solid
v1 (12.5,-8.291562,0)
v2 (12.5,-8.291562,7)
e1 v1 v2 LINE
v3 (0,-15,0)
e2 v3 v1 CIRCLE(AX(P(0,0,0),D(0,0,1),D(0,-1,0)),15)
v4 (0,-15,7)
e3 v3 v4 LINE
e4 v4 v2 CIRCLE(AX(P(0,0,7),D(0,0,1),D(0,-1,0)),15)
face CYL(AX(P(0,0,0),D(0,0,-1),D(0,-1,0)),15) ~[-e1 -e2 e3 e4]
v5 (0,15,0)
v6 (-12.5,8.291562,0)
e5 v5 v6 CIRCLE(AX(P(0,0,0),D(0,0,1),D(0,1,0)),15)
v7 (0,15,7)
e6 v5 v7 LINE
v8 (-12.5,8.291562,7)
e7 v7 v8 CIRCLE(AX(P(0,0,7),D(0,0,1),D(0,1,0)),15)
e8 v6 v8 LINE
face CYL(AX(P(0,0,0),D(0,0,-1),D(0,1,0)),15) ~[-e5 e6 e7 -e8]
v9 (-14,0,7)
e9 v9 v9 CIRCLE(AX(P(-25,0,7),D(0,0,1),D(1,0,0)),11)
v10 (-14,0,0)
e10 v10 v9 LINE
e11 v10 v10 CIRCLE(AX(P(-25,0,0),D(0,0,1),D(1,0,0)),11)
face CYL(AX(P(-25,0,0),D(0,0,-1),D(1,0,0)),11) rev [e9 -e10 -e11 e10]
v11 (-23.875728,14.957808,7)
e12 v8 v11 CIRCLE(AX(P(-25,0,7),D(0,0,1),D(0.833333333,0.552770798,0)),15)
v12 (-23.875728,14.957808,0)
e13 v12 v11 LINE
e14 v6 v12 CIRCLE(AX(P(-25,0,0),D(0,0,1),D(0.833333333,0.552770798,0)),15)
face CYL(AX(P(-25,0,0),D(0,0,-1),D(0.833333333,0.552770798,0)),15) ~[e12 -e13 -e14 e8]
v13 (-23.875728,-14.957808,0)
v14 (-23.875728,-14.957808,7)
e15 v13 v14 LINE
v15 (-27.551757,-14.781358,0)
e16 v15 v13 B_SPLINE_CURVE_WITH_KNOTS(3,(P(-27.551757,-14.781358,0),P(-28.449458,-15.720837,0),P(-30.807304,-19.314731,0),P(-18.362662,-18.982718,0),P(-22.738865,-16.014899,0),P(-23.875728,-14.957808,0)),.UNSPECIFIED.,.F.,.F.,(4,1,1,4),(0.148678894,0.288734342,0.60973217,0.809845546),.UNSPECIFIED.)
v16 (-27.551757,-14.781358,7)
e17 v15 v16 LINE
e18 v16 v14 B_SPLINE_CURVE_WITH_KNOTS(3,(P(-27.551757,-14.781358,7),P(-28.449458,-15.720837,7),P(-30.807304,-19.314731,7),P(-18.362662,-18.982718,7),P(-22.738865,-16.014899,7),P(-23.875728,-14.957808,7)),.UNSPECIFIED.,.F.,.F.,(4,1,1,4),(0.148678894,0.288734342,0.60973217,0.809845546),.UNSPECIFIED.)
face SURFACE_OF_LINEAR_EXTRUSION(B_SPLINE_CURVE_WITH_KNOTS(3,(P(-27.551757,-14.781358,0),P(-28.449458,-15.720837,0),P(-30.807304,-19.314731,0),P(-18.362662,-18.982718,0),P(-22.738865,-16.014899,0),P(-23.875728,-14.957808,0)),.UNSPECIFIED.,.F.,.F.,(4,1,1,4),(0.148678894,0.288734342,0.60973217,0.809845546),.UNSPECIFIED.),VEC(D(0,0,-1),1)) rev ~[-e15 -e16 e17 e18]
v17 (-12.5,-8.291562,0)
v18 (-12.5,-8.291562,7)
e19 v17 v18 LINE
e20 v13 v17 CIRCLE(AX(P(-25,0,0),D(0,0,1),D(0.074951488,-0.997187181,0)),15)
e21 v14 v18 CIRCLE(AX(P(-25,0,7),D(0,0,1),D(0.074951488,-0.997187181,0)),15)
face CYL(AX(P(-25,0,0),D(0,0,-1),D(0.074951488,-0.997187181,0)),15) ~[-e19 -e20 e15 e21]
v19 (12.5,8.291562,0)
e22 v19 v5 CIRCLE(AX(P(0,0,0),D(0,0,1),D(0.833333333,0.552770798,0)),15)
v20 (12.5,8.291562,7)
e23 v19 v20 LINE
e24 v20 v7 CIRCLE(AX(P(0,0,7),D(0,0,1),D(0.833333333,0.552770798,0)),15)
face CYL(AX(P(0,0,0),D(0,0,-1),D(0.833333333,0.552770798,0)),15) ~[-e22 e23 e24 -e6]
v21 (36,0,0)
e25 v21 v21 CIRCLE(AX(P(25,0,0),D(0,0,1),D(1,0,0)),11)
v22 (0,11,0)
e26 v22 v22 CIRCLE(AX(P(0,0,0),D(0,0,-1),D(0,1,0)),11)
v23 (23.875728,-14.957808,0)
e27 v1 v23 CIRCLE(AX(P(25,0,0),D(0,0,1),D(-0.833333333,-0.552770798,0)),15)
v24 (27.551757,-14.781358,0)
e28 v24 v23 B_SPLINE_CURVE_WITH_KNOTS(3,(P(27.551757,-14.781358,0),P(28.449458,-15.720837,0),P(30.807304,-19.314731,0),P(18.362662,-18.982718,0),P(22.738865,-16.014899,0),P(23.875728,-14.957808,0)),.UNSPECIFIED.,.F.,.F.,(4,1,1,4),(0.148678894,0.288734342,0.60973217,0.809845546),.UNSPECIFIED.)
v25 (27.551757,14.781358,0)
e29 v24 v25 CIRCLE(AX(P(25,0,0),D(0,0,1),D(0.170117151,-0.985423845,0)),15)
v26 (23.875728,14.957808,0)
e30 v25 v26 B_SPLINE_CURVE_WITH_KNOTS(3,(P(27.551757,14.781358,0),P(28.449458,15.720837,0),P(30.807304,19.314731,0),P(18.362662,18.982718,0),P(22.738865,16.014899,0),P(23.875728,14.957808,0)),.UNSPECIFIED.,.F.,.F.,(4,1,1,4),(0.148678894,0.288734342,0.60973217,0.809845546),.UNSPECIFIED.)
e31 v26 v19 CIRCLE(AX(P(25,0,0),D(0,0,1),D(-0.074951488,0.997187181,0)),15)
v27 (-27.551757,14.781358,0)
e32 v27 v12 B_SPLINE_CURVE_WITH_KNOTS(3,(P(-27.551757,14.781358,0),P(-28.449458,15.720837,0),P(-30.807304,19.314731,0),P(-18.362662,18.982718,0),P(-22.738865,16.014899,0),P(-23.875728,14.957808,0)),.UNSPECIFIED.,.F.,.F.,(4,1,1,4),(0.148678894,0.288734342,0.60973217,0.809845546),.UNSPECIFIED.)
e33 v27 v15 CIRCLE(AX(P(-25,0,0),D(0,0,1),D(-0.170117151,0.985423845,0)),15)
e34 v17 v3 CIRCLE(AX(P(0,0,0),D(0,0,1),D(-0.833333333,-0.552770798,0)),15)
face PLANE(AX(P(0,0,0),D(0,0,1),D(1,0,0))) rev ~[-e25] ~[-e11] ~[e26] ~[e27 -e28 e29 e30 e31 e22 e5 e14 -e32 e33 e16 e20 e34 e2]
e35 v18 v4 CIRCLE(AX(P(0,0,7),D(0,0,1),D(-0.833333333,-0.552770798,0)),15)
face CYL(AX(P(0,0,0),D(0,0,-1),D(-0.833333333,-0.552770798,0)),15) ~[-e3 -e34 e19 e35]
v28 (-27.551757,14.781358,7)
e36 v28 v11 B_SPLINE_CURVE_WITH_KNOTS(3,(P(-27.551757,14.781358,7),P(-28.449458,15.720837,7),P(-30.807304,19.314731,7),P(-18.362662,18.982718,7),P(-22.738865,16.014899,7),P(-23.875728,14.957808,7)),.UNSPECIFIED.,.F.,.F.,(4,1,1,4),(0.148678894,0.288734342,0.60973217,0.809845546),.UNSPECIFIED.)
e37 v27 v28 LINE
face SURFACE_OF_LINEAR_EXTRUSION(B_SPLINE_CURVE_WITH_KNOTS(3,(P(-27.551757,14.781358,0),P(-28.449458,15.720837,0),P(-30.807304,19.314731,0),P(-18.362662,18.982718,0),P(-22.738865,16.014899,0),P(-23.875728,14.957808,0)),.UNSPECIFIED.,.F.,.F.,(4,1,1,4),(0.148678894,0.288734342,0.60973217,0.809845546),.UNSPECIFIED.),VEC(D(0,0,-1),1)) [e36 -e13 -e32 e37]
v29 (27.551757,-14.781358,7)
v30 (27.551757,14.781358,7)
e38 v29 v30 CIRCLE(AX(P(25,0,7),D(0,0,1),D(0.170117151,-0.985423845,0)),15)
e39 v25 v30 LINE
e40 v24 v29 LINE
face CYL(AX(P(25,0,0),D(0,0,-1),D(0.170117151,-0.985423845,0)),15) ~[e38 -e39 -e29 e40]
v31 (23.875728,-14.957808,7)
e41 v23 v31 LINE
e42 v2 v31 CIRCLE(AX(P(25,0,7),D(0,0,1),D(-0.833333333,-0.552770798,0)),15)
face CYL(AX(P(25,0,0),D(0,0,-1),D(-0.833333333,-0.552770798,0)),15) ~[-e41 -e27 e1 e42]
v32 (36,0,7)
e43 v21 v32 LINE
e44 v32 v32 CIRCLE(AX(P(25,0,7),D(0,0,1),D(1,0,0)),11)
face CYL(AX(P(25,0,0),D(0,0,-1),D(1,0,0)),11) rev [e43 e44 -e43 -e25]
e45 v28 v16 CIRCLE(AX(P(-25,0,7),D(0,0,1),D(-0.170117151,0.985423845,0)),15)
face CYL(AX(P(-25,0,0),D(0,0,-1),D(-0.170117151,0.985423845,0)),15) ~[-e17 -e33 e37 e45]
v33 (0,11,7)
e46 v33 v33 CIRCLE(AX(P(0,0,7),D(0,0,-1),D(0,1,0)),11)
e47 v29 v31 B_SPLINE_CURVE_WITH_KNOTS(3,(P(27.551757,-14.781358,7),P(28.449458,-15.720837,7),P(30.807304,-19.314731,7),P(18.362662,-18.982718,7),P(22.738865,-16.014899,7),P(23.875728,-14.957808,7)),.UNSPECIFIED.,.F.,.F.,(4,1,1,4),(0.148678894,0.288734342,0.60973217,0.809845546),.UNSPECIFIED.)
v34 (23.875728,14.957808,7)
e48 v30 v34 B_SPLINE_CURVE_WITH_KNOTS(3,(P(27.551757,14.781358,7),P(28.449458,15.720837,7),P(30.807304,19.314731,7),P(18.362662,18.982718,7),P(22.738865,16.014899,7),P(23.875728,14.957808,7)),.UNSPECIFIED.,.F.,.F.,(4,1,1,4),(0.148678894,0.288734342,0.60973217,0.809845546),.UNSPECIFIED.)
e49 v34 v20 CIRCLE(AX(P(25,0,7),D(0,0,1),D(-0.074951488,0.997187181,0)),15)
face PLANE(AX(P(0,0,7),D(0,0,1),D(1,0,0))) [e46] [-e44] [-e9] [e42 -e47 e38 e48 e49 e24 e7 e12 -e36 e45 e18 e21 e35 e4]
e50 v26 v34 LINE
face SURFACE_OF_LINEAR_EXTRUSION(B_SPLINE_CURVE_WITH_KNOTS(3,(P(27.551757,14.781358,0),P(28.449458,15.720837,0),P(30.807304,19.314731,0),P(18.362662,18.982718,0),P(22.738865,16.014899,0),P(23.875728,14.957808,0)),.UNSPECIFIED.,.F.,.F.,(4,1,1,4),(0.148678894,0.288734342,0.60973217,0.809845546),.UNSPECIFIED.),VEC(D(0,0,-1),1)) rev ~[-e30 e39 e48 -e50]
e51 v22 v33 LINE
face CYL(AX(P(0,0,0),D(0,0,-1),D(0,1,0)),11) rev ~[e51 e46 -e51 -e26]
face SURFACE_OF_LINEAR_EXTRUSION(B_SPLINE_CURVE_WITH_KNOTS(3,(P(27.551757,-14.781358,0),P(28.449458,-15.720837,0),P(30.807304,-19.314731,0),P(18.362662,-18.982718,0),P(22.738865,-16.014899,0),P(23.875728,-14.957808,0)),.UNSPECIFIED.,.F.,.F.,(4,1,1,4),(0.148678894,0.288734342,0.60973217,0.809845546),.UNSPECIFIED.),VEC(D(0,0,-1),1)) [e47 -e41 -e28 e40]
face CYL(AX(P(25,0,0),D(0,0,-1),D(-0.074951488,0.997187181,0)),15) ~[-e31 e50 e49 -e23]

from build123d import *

# Parameters (mm, degrees)
F0_R     = 11
F1_DEPTH = 7


with BuildPart() as f1:
    # F0 (on Top) → F1 (new body)
    with BuildSketch(Plane.XY):
        with BuildLine():
            ThreePointArc((-23.8757276871, -14.9578077193), (-17.4161416751, -12.9416031815), (-12.5, -8.2915619759))
            ThreePointArc((-12.5, -8.2915619759), (-7.0931858273, -13.2169101843), (0, -15))
            ThreePointArc((0, -15), (7.0931858273, -13.2169101843), (12.5, -8.2915619759))
            ThreePointArc((12.5, -8.2915619759), (17.4161416751, -12.9416031815), (23.8757276871, -14.9578077193))
            add(Edge.make_bspline(
                [(23.8757276871, -14.9578077193), (24.2570080292, -14.6032809406), (25.1640363774, -13.6251169711), (24.7820959306, -12.8673838478), (25.0806100667, -12.9085443914)],
                knots=[0.8098455456, 0.8098455456, 0.8098455456, 0.8098455456, 0.8769594493, 1, 1, 1, 1], degree=3))
            add(Edge.make_bspline(
                [(25.0806100667, -12.9085443914), (25.4413265248, -12.958281686), (26.5987837053, -13.7840330239), (27.5517572658, -14.7813576797)],
                knots=[0, 0, 0, 0, 0.1486788943, 0.1486788943, 0.1486788943, 0.1486788943], degree=3))
            ThreePointArc((27.5517572658, -14.7813576797), (40, 0), (27.5517572658, 14.7813576797))
            add(Edge.make_bspline(
                [(25.0806100667, 12.9085443914), (25.4413265248, 12.958281686), (26.5987837053, 13.7840330239), (27.5517572658, 14.7813576797)],
                knots=[0, 0, 0, 0, 0.1486788943, 0.1486788943, 0.1486788943, 0.1486788943], degree=3))
            add(Edge.make_bspline(
                [(23.8757276871, 14.9578077193), (24.2570080292, 14.6032809406), (25.1640363774, 13.6251169711), (24.7820959306, 12.8673838478), (25.0806100667, 12.9085443914)],
                knots=[0.8098455456, 0.8098455456, 0.8098455456, 0.8098455456, 0.8769594493, 1, 1, 1, 1], degree=3))
            ThreePointArc((23.8757276871, 14.9578077193), (17.4161416751, 12.9416031815), (12.5, 8.2915619759))
            ThreePointArc((12.5, 8.2915619759), (7.0931858273, 13.2169101843), (0, 15))
            ThreePointArc((0, 15), (-7.0931858273, 13.2169101843), (-12.5, 8.2915619759))
            ThreePointArc((-12.5, 8.2915619759), (-17.4161416751, 12.9416031815), (-23.8757276871, 14.9578077193))
            add(Edge.make_bspline(
                [(-23.8757276871, 14.9578077193), (-24.2570080292, 14.6032809406), (-25.1640363774, 13.6251169711), (-24.7820959306, 12.8673838478), (-25.0806100667, 12.9085443914)],
                knots=[0.8098455456, 0.8098455456, 0.8098455456, 0.8098455456, 0.8769594493, 1, 1, 1, 1], degree=3))
            add(Edge.make_bspline(
                [(-25.0806100667, 12.9085443914), (-25.4413265248, 12.958281686), (-26.5987837053, 13.7840330239), (-27.5517572658, 14.7813576797)],
                knots=[0, 0, 0, 0, 0.1486788943, 0.1486788943, 0.1486788943, 0.1486788943], degree=3))
            ThreePointArc((-27.5517572658, 14.7813576797), (-40, 0), (-27.5517572658, -14.7813576797))
            add(Edge.make_bspline(
                [(-25.0806100667, -12.9085443914), (-25.4413265248, -12.958281686), (-26.5987837053, -13.7840330239), (-27.5517572658, -14.7813576797)],
                knots=[0, 0, 0, 0, 0.1486788943, 0.1486788943, 0.1486788943, 0.1486788943], degree=3))
            add(Edge.make_bspline(
                [(-23.8757276871, -14.9578077193), (-24.2570080292, -14.6032809406), (-25.1640363774, -13.6251169711), (-24.7820959306, -12.8673838478), (-25.0806100667, -12.9085443914)],
                knots=[0.8098455456, 0.8098455456, 0.8098455456, 0.8098455456, 0.8769594493, 1, 1, 1, 1], degree=3))
        make_face()
        with Locations((-25, 0)):
            Circle(F0_R, mode=Mode.SUBTRACT)
        with BuildLine():
            ThreePointArc((0, -11), (-11, 0), (0, 11))
            ThreePointArc((0, 11), (11, 0), (0, -11))
        make_face(mode=Mode.SUBTRACT)
        with Locations((25, 0)):
            Circle(F0_R, mode=Mode.SUBTRACT)
        with BuildLine():
            add(Edge.make_bspline(
                [(-27.5517572658, -14.7813576797), (-28.4494579055, -15.7208370301), (-30.8073036541, -19.3147307515), (-18.3626619251, -18.9827181039), (-22.7388649488, -16.0148994175), (-23.8757276871, -14.9578077193)],
                knots=[0.1486788943, 0.1486788943, 0.1486788943, 0.1486788943, 0.2887343418, 0.60973217, 0.8098455456, 0.8098455456, 0.8098455456, 0.8098455456], degree=3))
            add(Edge.make_bspline(
                [(-23.8757276871, -14.9578077193), (-24.2570080292, -14.6032809406), (-25.1640363774, -13.6251169711), (-24.7820959306, -12.8673838478), (-25.0806100667, -12.9085443914)],
                knots=[0.8098455456, 0.8098455456, 0.8098455456, 0.8098455456, 0.8769594493, 1, 1, 1, 1], degree=3))
            add(Edge.make_bspline(
                [(-25.0806100667, -12.9085443914), (-25.4413265248, -12.958281686), (-26.5987837053, -13.7840330239), (-27.5517572658, -14.7813576797)],
                knots=[0, 0, 0, 0, 0.1486788943, 0.1486788943, 0.1486788943, 0.1486788943], degree=3))
        make_face()
        with BuildLine():
            add(Edge.make_bspline(
                [(23.8757276871, -14.9578077193), (24.2570080292, -14.6032809406), (25.1640363774, -13.6251169711), (24.7820959306, -12.8673838478), (25.0806100667, -12.9085443914)],
                knots=[0.8098455456, 0.8098455456, 0.8098455456, 0.8098455456, 0.8769594493, 1, 1, 1, 1], degree=3))
            add(Edge.make_bspline(
                [(27.5517572658, -14.7813576797), (28.4494579055, -15.7208370301), (30.8073036541, -19.3147307515), (18.3626619251, -18.9827181039), (22.7388649488, -16.0148994175), (23.8757276871, -14.9578077193)],
                knots=[0.1486788943, 0.1486788943, 0.1486788943, 0.1486788943, 0.2887343418, 0.60973217, 0.8098455456, 0.8098455456, 0.8098455456, 0.8098455456], degree=3))
            add(Edge.make_bspline(
                [(25.0806100667, -12.9085443914), (25.4413265248, -12.958281686), (26.5987837053, -13.7840330239), (27.5517572658, -14.7813576797)],
                knots=[0, 0, 0, 0, 0.1486788943, 0.1486788943, 0.1486788943, 0.1486788943], degree=3))
        make_face()
        with BuildLine():
            add(Edge.make_bspline(
                [(-27.5517572658, 14.7813576797), (-28.4494579055, 15.7208370301), (-30.8073036541, 19.3147307515), (-18.3626619251, 18.9827181039), (-22.7388649488, 16.0148994175), (-23.8757276871, 14.9578077193)],
                knots=[0.1486788943, 0.1486788943, 0.1486788943, 0.1486788943, 0.2887343418, 0.60973217, 0.8098455456, 0.8098455456, 0.8098455456, 0.8098455456], degree=3))
            add(Edge.make_bspline(
                [(-25.0806100667, 12.9085443914), (-25.4413265248, 12.958281686), (-26.5987837053, 13.7840330239), (-27.5517572658, 14.7813576797)],
                knots=[0, 0, 0, 0, 0.1486788943, 0.1486788943, 0.1486788943, 0.1486788943], degree=3))
            add(Edge.make_bspline(
                [(-23.8757276871, 14.9578077193), (-24.2570080292, 14.6032809406), (-25.1640363774, 13.6251169711), (-24.7820959306, 12.8673838478), (-25.0806100667, 12.9085443914)],
                knots=[0.8098455456, 0.8098455456, 0.8098455456, 0.8098455456, 0.8769594493, 1, 1, 1, 1], degree=3))
        make_face()
        with BuildLine():
            add(Edge.make_bspline(
                [(25.0806100667, 12.9085443914), (25.4413265248, 12.958281686), (26.5987837053, 13.7840330239), (27.5517572658, 14.7813576797)],
                knots=[0, 0, 0, 0, 0.1486788943, 0.1486788943, 0.1486788943, 0.1486788943], degree=3))
            add(Edge.make_bspline(
                [(27.5517572658, 14.7813576797), (28.4494579055, 15.7208370301), (30.8073036541, 19.3147307515), (18.3626619251, 18.9827181039), (22.7388649488, 16.0148994175), (23.8757276871, 14.9578077193)],
                knots=[0.1486788943, 0.1486788943, 0.1486788943, 0.1486788943, 0.2887343418, 0.60973217, 0.8098455456, 0.8098455456, 0.8098455456, 0.8098455456], degree=3))
            add(Edge.make_bspline(
                [(23.8757276871, 14.9578077193), (24.2570080292, 14.6032809406), (25.1640363774, 13.6251169711), (24.7820959306, 12.8673838478), (25.0806100667, 12.9085443914)],
                knots=[0.8098455456, 0.8098455456, 0.8098455456, 0.8098455456, 0.8769594493, 1, 1, 1, 1], degree=3))
        make_face()
    extrude(amount=F1_DEPTH)


solid = f1.part
